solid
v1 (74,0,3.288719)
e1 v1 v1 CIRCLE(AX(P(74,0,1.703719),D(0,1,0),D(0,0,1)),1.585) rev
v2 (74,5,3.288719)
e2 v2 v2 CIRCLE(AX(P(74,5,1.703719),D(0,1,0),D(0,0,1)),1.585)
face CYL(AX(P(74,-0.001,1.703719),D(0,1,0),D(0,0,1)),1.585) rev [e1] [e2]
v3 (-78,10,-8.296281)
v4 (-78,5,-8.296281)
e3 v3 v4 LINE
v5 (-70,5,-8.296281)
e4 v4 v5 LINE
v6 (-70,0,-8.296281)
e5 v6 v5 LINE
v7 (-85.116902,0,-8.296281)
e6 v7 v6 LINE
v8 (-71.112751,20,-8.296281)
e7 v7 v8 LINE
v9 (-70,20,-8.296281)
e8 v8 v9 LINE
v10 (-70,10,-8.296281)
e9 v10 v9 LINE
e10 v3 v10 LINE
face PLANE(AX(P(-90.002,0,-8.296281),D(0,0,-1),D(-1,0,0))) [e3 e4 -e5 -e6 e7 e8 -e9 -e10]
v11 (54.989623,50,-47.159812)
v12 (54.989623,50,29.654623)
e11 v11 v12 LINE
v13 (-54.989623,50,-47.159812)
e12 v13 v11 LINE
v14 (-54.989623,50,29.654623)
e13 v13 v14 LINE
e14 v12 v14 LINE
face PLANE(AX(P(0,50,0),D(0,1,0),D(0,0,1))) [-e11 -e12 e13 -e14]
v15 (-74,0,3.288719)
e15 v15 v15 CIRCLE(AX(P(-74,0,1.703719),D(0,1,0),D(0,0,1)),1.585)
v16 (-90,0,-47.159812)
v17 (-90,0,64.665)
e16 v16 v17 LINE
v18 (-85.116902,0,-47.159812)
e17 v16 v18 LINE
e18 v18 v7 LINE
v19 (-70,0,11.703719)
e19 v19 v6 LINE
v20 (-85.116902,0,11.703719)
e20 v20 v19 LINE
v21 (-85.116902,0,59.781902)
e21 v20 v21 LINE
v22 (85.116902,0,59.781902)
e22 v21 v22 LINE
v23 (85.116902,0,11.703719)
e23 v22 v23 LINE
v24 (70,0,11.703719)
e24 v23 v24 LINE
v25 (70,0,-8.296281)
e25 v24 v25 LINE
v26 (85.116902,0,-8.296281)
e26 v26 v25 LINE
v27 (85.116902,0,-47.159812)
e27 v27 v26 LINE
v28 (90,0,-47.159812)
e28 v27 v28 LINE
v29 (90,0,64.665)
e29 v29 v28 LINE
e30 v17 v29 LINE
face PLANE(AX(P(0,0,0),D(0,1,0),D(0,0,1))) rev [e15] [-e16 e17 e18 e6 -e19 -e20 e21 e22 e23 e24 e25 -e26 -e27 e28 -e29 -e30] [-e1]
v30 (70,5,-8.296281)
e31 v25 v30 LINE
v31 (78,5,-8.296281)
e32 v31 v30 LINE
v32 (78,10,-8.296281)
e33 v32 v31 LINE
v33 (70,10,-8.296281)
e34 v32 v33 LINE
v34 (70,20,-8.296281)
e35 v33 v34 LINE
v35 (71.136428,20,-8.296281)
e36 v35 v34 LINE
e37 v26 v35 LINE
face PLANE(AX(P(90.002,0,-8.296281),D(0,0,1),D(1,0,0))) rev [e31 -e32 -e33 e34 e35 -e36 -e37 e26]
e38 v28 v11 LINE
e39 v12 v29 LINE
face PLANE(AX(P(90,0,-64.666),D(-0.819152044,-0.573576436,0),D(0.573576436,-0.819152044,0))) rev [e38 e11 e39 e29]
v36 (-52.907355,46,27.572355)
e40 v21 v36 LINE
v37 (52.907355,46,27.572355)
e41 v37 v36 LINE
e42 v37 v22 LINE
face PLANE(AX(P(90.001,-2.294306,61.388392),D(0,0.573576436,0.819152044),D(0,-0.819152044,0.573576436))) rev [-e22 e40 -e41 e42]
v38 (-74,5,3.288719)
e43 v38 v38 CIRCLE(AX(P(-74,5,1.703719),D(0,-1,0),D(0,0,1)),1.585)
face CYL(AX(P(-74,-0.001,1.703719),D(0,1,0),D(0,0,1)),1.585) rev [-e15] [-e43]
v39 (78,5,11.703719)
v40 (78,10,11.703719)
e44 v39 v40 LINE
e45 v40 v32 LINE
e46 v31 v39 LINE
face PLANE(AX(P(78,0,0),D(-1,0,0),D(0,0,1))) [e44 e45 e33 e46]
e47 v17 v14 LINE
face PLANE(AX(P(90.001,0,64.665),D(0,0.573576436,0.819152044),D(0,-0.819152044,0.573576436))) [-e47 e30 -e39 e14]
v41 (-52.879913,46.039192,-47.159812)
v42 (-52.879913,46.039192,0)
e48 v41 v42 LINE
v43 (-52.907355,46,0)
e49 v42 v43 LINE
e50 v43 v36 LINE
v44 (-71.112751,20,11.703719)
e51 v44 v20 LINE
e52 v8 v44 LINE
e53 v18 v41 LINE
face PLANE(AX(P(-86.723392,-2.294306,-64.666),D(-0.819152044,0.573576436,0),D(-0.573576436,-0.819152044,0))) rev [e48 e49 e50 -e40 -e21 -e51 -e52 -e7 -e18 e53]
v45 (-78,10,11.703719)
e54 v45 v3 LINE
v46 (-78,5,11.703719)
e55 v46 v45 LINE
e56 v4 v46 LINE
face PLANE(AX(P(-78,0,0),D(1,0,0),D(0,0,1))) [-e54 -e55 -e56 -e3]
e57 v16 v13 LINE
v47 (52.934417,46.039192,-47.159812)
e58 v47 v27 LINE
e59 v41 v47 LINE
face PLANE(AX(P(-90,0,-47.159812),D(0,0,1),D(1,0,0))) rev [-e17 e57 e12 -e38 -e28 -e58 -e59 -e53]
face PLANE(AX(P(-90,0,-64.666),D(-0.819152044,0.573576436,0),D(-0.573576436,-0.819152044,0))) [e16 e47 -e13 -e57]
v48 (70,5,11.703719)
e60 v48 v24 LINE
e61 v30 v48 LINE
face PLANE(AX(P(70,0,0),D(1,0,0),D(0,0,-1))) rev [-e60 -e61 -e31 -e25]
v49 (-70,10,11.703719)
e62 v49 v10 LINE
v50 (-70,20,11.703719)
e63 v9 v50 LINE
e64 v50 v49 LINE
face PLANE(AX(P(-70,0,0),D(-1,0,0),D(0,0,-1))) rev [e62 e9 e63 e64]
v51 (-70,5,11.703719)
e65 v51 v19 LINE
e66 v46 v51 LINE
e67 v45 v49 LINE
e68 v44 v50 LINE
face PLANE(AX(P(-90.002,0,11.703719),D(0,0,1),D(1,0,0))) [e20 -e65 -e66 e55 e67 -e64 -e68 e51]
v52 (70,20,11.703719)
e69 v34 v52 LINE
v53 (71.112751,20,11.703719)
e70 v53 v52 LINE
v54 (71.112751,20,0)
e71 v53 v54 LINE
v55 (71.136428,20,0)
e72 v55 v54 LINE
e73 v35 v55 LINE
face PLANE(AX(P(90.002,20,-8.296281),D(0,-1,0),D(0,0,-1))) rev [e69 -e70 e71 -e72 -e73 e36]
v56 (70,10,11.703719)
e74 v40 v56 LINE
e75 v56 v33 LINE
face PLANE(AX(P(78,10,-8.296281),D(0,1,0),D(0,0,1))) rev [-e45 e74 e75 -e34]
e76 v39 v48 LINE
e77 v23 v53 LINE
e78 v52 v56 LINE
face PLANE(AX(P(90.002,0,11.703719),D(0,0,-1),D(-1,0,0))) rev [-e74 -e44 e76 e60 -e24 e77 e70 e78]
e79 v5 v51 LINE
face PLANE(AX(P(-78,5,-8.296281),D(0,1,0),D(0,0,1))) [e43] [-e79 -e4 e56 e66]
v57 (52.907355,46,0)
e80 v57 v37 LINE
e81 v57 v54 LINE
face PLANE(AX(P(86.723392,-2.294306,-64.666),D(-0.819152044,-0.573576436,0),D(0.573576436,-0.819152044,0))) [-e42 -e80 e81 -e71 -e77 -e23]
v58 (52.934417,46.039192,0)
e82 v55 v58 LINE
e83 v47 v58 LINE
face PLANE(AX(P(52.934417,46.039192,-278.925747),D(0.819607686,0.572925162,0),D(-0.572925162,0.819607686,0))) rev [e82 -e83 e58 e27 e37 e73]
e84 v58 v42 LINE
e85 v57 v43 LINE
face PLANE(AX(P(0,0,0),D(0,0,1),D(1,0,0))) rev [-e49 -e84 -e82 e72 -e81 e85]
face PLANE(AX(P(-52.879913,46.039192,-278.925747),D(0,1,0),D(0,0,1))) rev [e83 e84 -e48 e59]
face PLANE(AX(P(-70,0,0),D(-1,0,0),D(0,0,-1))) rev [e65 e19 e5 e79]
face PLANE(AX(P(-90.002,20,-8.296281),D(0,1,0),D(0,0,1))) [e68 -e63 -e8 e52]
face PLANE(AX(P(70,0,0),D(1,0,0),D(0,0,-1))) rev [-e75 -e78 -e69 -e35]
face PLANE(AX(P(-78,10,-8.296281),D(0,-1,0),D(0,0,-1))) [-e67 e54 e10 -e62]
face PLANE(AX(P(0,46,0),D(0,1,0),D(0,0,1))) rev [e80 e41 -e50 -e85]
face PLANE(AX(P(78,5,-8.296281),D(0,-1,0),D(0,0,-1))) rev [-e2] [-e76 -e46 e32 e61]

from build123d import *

# Parameters (mm, degrees)
CROQUIS1_W                  = 180
CROQUIS1_H                  = 129.33
SALIENTE_EXTRUIR1_DEPTH     = 50
CORTAR_EXTRUIR1_REACH       = 167.307
CORTAR_EXTRUIR2_REACH       = 199.691
VACIADO1_T                  = -4
SALIENTE_EXTRUIR4_DEPTH     = 102.576221704
CORTAR_EXTRUIR10_DEPTH      = 92.576221704
CROQUIS15_W                 = 55.416410159
CROQUIS15_H                 = 50
CORTAR_EXTRUIR11_DEPTH      = 146.333689347
CORTAR_EXTRUIR11_DEPTH_BACK = 146.333689347
SALIENTE_EXTRUIR6_REACH     = 181.671
CROQUIS19_W                 = 20
CROQUIS19_H                 = 20
CROQUIS20_W                 = 20
CROQUIS20_H                 = 5
CORTAR_EXTRUIR14_DEPTH      = 8
CORTAR_EXTRUIR15_REACH      = 121.61
CROQUIS22_R                 = 1.585


with BuildPart() as part:
    # Croquis1 → Saliente-Extruir1 (new body)
    with BuildSketch(Plane(origin=(0, 0, 0), x_dir=(1, 0, 0), z_dir=(0, 1, 0))):
        Rectangle(CROQUIS1_W, CROQUIS1_H)
    extrude(amount=SALIENTE_EXTRUIR1_DEPTH)

    # Croquis2 → Cortar-Extruir1 (cut, up to next)
    with BuildSketch(Plane.XY.offset(64.665), mode=Mode.PRIVATE) as cortar_extruir1_sk1:
        Polygon((90, 0), (54.98962309, 50), (90, 50), align=None)
    cortar_extruir1_tool1 = extrude(cortar_extruir1_sk1.sketch, amount=-CORTAR_EXTRUIR1_REACH, mode=Mode.PRIVATE) & part.part
    cortar_extruir1 = cortar_extruir1_tool1.solids().sort_by_distance((78.329874, 33.333333, 64.665))[0]
    add(cortar_extruir1, mode=Mode.SUBTRACT)

    # Cortar-Extruir2: up to this plane
    cortar_extruir2_end = Plane(origin=(90, 0, -64.666), z_dir=(-0.8191520442889952, -0.5735764363510412, 0))
    # Croquis4 → Cortar-Extruir2 (cut, up to the surface)
    with BuildSketch(Plane.ZY.offset(90), mode=Mode.PRIVATE) as cortar_extruir2_sk1:
        Polygon((-64.665, 0), (-29.65462309, 50), (-64.665, 50), align=None)
    cortar_extruir2_tool1 = split(extrude(cortar_extruir2_sk1.sketch, amount=-CORTAR_EXTRUIR2_REACH, mode=Mode.PRIVATE), bisect_by=cortar_extruir2_end, keep=Keep.BOTH, mode=Mode.PRIVATE)
    cortar_extruir2 = cortar_extruir2_tool1.solids().sort_by_distance((-90, 33.333333, -52.994874))[0]
    add(cortar_extruir2, mode=Mode.SUBTRACT)

    # Simetría2: Cortar-Extruir2 across plane
    add(cortar_extruir2.mirror(Plane.XY), mode=Mode.SUBTRACT)

    # Simetría1: Cortar-Extruir1 across plane
    add(cortar_extruir1.mirror(Plane(origin=(0, 0, 0), x_dir=(0, 0, 1), z_dir=(1, 0, 0))), mode=Mode.SUBTRACT)

    # Simetría1 at the second plane: Cortar-Extruir1 across plane
    add(cortar_extruir1.mirror(Plane.XY), mode=Mode.SUBTRACT)

    # Vaciado1
    vaciado1_openings = [part.faces().sort_by_distance(p)[0] for p in [
        (0, 0, 0),
    ]]
    offset(amount=VACIADO1_T, openings=vaciado1_openings, kind=Kind.INTERSECTION)

    # Croquis7 → Saliente-Extruir4 (add)
    with BuildSketch(Plane(origin=(0, 14.764441718, 0), x_dir=(-1, 0, 0), z_dir=(0, 0, -1))):
        Polygon((-54.98962309, 10.235558282), (-72.494811545, 10.235558282), (-54.98962309, 35.235558282), (54.98962309, 35.235558282), (72.494811545, 10.235558282), (54.98962309, 10.235558282), align=None)
    extrude(amount=SALIENTE_EXTRUIR4_DEPTH)

    # Croquis14 → Cortar-Extruir10 (cut)
    with BuildSketch(Plane.XY):
        Polygon((-85.116901645, 0), (-52.87991258, 46.039191676), (52.934417466, 46.039191676), (85.116901645, 0), align=None)
    extrude(amount=-CORTAR_EXTRUIR10_DEPTH, mode=Mode.SUBTRACT)

    # Croquis15 → Cortar-Extruir11 (cut, two sides)
    with BuildSketch(Plane(origin=(0, 0, 0), x_dir=(0, 0, -1), z_dir=(1, 0, 0))) as cortar_extruir11_sk:
        with Locations((74.868016625, 25)):
            Rectangle(CROQUIS15_W, CROQUIS15_H)
    extrude(amount=CORTAR_EXTRUIR11_DEPTH, mode=Mode.SUBTRACT)
    extrude(cortar_extruir11_sk.sketch, amount=-CORTAR_EXTRUIR11_DEPTH_BACK, mode=Mode.SUBTRACT)

    # Croquis19 → Saliente-Extruir6 (add, up to next)
    with BuildSketch(Plane(origin=(70, 0, 0), x_dir=(0, 0, -1), z_dir=(1, 0, 0)), mode=Mode.PRIVATE) as saliente_extruir6_sk1:
        with Locations((-1.703719293, 10)):
            Rectangle(CROQUIS19_W, CROQUIS19_H)
    saliente_extruir6_tool1 = extrude(saliente_extruir6_sk1.sketch, amount=SALIENTE_EXTRUIR6_REACH, mode=Mode.PRIVATE) - part.part
    saliente_extruir6 = saliente_extruir6_tool1.solids().sort_by_distance((70, 10, 1.703719))[0]
    add(saliente_extruir6)

    # Croquis20 → Cortar-Extruir14 (cut)
    with BuildSketch(Plane.ZY.offset(-70)):
        with Locations((1.703719293, 7.5)):
            Rectangle(CROQUIS20_W, CROQUIS20_H)
    cortar_extruir14 = extrude(amount=-CORTAR_EXTRUIR14_DEPTH, mode=Mode.SUBTRACT)

    # Croquis22 → Cortar-Extruir15 (cut, up to next)
    with BuildSketch(Plane(origin=(0, 5, 0), x_dir=(1, 0, 0), z_dir=(0, 1, 0)), mode=Mode.PRIVATE) as cortar_extruir15_sk1:
        with Locations(Location((74, -1.703719293, 0), (0, 0, 270))):
            Circle(CROQUIS22_R)
    cortar_extruir15_tool1 = extrude(cortar_extruir15_sk1.sketch, amount=-CORTAR_EXTRUIR15_REACH, mode=Mode.PRIVATE) & part.part
    cortar_extruir15 = cortar_extruir15_tool1.solids().sort_by_distance((74, 5, 1.703719))[0]
    add(cortar_extruir15, mode=Mode.SUBTRACT)

    # Simetría3: Saliente-Extruir6, Cortar-Extruir14, Cortar-Extruir15 across plane
    add(saliente_extruir6.mirror(Plane(origin=(0, 0, 0), x_dir=(0, 0, 1), z_dir=(1, 0, 0))))
    add(cortar_extruir14.mirror(Plane(origin=(0, 0, 0), x_dir=(0, 0, 1), z_dir=(1, 0, 0))), mode=Mode.SUBTRACT)
    add(cortar_extruir15.mirror(Plane(origin=(0, 0, 0), x_dir=(0, 0, 1), z_dir=(1, 0, 0))), mode=Mode.SUBTRACT)


solid = part.part
